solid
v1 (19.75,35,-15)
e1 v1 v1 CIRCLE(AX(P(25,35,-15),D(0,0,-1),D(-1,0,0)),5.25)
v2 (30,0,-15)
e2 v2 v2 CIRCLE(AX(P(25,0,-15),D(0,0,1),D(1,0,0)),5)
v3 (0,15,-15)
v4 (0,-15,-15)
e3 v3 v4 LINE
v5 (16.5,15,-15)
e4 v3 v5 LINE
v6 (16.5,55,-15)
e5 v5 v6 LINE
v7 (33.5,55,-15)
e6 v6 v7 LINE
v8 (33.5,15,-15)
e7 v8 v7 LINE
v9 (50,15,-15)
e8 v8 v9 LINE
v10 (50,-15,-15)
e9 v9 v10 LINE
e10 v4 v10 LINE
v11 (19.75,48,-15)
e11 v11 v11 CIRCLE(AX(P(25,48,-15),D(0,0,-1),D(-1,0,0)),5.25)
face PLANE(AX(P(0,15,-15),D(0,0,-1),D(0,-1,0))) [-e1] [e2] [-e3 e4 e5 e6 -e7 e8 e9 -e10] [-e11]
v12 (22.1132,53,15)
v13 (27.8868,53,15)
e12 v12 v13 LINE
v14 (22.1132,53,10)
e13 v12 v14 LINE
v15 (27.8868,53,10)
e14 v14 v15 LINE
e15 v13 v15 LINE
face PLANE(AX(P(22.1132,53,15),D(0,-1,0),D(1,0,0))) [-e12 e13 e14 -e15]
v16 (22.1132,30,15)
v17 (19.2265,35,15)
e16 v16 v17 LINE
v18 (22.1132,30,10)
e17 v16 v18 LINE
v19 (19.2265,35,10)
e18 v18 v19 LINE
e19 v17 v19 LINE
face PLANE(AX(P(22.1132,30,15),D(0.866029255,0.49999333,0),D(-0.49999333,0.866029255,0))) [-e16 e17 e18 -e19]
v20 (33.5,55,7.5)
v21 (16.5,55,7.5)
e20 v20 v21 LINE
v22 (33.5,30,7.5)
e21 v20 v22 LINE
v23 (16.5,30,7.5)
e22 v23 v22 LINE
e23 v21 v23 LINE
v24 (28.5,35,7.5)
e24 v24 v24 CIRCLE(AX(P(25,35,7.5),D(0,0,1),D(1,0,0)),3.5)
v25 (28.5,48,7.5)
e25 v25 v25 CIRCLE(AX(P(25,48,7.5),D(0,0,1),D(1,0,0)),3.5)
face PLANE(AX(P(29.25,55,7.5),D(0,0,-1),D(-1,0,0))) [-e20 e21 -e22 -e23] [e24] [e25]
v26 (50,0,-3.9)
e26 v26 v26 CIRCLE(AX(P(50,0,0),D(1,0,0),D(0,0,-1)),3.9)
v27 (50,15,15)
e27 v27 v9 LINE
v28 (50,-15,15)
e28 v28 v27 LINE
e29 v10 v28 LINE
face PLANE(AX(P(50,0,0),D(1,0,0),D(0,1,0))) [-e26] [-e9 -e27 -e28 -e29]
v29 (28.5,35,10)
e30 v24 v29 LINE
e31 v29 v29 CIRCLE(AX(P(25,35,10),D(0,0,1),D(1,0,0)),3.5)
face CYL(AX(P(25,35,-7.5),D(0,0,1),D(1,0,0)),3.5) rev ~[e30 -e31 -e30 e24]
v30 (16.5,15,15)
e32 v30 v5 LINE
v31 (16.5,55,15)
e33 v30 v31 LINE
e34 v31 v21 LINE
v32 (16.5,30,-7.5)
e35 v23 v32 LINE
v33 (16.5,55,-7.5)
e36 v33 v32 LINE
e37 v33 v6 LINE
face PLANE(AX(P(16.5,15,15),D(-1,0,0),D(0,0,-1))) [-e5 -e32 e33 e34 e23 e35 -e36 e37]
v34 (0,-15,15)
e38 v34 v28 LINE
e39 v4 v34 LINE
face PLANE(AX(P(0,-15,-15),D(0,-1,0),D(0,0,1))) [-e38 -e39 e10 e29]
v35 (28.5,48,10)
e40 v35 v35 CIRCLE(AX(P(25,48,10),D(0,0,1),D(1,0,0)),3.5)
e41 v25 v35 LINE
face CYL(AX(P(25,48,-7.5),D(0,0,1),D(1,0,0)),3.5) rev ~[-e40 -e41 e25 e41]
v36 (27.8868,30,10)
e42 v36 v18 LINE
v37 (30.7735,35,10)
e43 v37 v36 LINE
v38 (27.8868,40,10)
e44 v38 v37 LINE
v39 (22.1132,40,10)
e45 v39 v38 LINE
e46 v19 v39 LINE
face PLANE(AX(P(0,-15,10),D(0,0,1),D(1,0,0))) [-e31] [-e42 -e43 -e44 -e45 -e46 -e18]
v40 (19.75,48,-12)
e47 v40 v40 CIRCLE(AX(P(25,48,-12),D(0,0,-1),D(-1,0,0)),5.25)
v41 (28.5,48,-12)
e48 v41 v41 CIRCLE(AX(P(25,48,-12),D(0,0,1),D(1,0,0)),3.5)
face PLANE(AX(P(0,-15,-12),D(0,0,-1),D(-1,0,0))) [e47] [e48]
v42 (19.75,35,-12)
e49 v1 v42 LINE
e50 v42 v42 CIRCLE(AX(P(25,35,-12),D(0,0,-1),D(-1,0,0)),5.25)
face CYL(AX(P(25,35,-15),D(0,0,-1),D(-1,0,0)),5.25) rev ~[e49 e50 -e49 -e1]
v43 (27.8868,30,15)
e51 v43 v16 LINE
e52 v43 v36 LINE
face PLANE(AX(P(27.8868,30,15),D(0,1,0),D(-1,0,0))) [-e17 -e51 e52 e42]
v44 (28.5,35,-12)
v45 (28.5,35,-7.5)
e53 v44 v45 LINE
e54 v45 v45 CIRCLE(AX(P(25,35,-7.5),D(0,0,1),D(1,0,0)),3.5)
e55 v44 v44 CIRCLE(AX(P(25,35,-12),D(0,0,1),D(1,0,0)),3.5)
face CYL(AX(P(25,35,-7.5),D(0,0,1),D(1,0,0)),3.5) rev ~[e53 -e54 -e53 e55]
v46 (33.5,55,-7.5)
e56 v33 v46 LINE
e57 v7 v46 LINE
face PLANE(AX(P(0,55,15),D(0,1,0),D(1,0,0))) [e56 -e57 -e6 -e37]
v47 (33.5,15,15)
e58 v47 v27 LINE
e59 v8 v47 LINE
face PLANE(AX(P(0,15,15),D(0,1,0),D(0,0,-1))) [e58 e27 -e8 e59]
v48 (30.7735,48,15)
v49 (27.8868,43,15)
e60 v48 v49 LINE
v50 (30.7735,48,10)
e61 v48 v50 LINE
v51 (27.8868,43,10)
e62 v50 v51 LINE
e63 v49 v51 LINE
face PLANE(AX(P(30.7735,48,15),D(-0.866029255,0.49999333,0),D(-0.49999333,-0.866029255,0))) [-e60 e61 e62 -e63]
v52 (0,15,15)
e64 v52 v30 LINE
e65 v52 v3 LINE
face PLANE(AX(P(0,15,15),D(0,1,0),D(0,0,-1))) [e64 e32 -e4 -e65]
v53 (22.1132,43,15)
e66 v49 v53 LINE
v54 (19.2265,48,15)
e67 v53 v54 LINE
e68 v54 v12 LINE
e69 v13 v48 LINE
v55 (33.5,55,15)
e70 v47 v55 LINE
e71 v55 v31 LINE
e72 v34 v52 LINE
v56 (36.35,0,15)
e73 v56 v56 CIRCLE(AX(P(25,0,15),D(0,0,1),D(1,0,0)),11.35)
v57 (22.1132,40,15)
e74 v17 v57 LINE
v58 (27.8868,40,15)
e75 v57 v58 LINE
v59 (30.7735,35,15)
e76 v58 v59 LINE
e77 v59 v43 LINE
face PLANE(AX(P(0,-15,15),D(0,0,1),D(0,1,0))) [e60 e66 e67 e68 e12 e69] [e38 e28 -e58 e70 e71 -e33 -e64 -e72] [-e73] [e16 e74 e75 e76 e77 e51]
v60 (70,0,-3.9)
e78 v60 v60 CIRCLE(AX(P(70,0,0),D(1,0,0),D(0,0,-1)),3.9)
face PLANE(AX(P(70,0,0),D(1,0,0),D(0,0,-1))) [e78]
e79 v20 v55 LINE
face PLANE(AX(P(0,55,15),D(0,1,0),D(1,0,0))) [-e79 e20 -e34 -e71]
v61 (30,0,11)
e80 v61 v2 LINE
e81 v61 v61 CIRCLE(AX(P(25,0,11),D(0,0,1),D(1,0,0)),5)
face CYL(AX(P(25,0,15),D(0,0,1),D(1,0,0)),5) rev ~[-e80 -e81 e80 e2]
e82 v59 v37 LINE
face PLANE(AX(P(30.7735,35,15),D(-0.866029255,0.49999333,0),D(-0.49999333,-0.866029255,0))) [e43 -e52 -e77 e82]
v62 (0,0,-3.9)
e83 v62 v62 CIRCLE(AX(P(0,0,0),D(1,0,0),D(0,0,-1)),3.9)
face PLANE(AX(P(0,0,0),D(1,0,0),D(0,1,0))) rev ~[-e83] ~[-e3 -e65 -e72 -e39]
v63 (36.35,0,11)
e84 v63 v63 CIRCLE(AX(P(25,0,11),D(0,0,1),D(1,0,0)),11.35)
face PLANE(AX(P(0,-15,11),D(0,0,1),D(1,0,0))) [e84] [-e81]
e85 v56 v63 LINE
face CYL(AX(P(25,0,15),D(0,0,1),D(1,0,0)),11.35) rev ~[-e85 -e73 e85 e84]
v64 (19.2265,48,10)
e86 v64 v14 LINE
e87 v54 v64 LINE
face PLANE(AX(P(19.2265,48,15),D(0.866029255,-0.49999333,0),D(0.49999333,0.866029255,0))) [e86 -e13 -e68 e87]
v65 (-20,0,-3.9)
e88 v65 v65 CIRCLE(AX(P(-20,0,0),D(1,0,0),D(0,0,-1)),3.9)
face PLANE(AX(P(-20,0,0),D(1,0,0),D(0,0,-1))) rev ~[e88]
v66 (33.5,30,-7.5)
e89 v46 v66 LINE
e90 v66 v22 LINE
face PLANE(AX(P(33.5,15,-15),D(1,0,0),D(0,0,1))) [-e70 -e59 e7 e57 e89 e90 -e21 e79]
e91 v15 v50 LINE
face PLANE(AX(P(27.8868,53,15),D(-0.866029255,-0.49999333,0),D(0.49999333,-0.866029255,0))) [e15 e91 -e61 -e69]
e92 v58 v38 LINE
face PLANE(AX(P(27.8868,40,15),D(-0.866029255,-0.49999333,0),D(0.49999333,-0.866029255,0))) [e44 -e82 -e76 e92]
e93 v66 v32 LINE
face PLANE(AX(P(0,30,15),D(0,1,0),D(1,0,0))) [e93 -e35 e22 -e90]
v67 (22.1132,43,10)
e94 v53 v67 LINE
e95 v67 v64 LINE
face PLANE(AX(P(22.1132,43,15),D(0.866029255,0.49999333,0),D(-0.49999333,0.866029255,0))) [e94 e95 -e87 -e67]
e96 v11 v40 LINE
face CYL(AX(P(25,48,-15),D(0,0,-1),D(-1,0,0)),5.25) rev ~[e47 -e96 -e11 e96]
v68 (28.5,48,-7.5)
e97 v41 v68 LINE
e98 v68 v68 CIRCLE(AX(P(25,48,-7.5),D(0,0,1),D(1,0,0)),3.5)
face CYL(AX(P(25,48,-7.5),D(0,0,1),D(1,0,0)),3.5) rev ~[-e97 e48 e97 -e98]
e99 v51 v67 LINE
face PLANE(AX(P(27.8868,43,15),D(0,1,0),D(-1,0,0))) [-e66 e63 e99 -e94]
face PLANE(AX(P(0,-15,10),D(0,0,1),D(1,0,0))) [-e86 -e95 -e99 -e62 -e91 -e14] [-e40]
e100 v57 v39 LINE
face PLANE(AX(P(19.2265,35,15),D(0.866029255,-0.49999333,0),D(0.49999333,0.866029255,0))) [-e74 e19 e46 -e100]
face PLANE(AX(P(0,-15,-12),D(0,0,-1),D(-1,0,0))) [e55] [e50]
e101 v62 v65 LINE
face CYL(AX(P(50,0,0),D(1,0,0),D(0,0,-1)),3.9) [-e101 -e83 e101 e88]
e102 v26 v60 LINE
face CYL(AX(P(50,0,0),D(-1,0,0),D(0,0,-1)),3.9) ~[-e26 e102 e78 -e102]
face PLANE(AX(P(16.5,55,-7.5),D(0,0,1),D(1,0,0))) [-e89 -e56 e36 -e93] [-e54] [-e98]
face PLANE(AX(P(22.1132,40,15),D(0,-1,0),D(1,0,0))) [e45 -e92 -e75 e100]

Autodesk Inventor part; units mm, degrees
ref_plane "YZ Plane" through (0, 0, 0) normal (1, 0, 0) x (0, 1, 0)
ref_plane "XZ Plane" through (0, 0, 0) normal (0, 1, 0) x (-1, 0, 0)
ref_plane "XY Plane" through (0, 0, 0) normal (0, 0, 1) x (1, 0, 0)
sketch "Sketch1" plane through (0, 0, 0) normal (1, 0, 0) x (0, 1, 0)
  line L0 (-15, 15) -> (15, 15)
  line L1 (15, 15) -> (15, -15)
  line L2 (15, -15) -> (-15, -15)
  line L3 (-15, -15) -> (-15, 15)
  line L4 (-15, 15) -> (15, -15) construction
  line L5 (15, 15) -> (-15, -15) construction
  point P0 (0, 0)
  dimension "d0" = 30
  dimension "d1" = 30
extrude "Extrusion1" add sketch "Sketch1" along normal blind 50
sketch "Sketch2" plane through (50, 0, 0) normal (1, 0, 0) x (0, 0, -1)
  circle A0 centre (0, 0) radius 3.9
  dimension "d5" = 7.8
extrude "Extrusion2" add sketch "Sketch2" along normal blind 20 and the other way blind 70
sketch "Sketch3" plane through (0, 15, 15) normal (0, 1, 0) x (1, 0, 0)
  line L0 (16.5, 30) -> (33.5, 30)
  line L1 (33.5, 30) -> (33.5, 0)
  line L2 (33.5, 0) -> (16.5, 0)
  line L3 (16.5, 0) -> (16.5, 30)
  line L4 (16.5, 30) -> (33.5, 0) construction
  line L5 (33.5, 30) -> (16.5, 0) construction
  point P0 (0, 15)
  point P1 (25, 15)
  dimension "d10" = 17
  dimension "d11" = 30
extrude "Extrusion3" add sketch "Sketch3" along normal blind 40
sketch "Sketch4" plane through (0, -15, -15) normal (0, -1, 0) x (1, 0, 0)
  point P0 (0, 15)
sketch "Sketch5" plane through (0, -15, 15) normal (0, 0, 1) x (1, 0, 0)
  line L0 (0, 15) -> (50, 15)
  line L1 (50, 30) -> (50, 0) projected
  circle A0 centre (25, 15) radius 5
  dimension "d14" = 10
extrude "Extrusion4" cut sketch "Sketch5" against normal through all
sketch "Sketch6" plane through (0, -15, -15) normal (0, 0, -1) x (-1, 0, 0)
  point P0 (0, 15)
sketch "Sketch7" plane through (0, -15, 15) normal (0, 0, 1) x (1, 0, 0)
  circle A0 centre (25, 15) radius 5 projected
  circle A1 centre (25, 15) radius 11.35
  point P0 (0, 15)
  dimension "d17" = 22.7
extrude "Extrusion5" cut sketch "Sketch7" against normal blind 4
sketch "Sketch8" plane through (0, 55, 15) normal (0, 1, 0) x (1, 0, 0)
  line L0 (16.5, 0) -> (16.5, 30) projected
  line L1 (16.5, 0) -> (33.5, 0) projected
  line L2 (16.5, 30) -> (33.5, 0)
  line L3 (33.5, 30) -> (33.5, 0) projected
  line L4 (16.5, 22.5) -> (33.5, 22.5)
  line L5 (33.5, 22.5) -> (33.5, 7.5)
  line L6 (33.5, 7.5) -> (16.5, 7.5)
  line L7 (16.5, 7.5) -> (16.5, 22.5)
  line L8 (16.5, 22.5) -> (33.5, 7.5) construction
  line L9 (33.5, 22.5) -> (16.5, 7.5) construction
  point P0 (0, 15)
  point P1 (25, 15)
  dimension "d20" = 15
extrude "Extrusion6" cut sketch "Sketch8" against normal blind 25 contours L0 L4 L2 L6 | L2 L4 L3 L6
sketch "Sketch9" plane through (16.5, 55, -7.5) normal (0, 0, 1) x (1, 0, 0)
  line L0 (17, 0) -> (0, 0) projected
  line L1 (8.5, 0) -> (8.5, -25)
  line L2 (8.5, 0) -> (8.5, -7)
  line L3 (8.5, -7) -> (8.5, -25)
  line L4 (8.5, -25) -> (8.5, -20)
  circle A0 centre (8.5, -7) radius 3.5
  circle A1 centre (8.5, -20) radius 3.5
  point P0 (-16.5, -55)
  dimension "d23" = 25
  dimension "d24" = 7
  dimension "d25" = 5
  dimension "d26" = 7
  dimension "d27" = 7
extrude "Extrusion7" cut sketch "Sketch9" along normal mid plane 100
sketch "Sketch10" plane through (0, -15, 15) normal (0, 0, 1) x (1, 0, 0)
  circle A0 centre (25, 63) radius 3.5 projected
  line L0 (30.7735, 63) -> (27.8868, 58)
  line L1 (27.8868, 58) -> (22.1132, 58)
  line L2 (22.1132, 58) -> (19.2265, 63)
  line L3 (19.2265, 63) -> (22.1132, 68)
  line L4 (22.1132, 68) -> (27.8868, 68)
  line L5 (27.8868, 68) -> (30.7735, 63)
  circle A1 centre (25, 50) radius 3.5 projected
  line L6 (30.7735, 50) -> (27.8868, 45)
  line L7 (27.8868, 45) -> (22.1132, 45)
  line L8 (22.1132, 45) -> (19.2265, 50)
  line L9 (19.2265, 50) -> (22.1132, 55)
  line L10 (22.1132, 55) -> (27.8868, 55)
  line L11 (27.8868, 55) -> (30.7735, 50)
  point P0 (0, 15)
  dimension "d30" = 10
  dimension "d31" = 10
extrude "Extrusion8" cut sketch "Sketch10" against normal blind 5
sketch "Sketch11" plane through (0, -15, -15) normal (0, 0, -1) x (-1, 0, 0)
  circle A0 centre (-25, 63) radius 3.5 projected
  circle A1 centre (-25, 63) radius 5.25
  circle A2 centre (-25, 50) radius 3.5 projected
  circle A3 centre (-25, 50) radius 5.25
  point P0 (0, 15)
  dimension "d34" = 10.5
  dimension "d35" = 10.5
extrude "Extrusion9" cut sketch "Sketch11" against normal blind 3 contours A0 | A1 | A2 | A3
properties part number "L0wer_battery"
